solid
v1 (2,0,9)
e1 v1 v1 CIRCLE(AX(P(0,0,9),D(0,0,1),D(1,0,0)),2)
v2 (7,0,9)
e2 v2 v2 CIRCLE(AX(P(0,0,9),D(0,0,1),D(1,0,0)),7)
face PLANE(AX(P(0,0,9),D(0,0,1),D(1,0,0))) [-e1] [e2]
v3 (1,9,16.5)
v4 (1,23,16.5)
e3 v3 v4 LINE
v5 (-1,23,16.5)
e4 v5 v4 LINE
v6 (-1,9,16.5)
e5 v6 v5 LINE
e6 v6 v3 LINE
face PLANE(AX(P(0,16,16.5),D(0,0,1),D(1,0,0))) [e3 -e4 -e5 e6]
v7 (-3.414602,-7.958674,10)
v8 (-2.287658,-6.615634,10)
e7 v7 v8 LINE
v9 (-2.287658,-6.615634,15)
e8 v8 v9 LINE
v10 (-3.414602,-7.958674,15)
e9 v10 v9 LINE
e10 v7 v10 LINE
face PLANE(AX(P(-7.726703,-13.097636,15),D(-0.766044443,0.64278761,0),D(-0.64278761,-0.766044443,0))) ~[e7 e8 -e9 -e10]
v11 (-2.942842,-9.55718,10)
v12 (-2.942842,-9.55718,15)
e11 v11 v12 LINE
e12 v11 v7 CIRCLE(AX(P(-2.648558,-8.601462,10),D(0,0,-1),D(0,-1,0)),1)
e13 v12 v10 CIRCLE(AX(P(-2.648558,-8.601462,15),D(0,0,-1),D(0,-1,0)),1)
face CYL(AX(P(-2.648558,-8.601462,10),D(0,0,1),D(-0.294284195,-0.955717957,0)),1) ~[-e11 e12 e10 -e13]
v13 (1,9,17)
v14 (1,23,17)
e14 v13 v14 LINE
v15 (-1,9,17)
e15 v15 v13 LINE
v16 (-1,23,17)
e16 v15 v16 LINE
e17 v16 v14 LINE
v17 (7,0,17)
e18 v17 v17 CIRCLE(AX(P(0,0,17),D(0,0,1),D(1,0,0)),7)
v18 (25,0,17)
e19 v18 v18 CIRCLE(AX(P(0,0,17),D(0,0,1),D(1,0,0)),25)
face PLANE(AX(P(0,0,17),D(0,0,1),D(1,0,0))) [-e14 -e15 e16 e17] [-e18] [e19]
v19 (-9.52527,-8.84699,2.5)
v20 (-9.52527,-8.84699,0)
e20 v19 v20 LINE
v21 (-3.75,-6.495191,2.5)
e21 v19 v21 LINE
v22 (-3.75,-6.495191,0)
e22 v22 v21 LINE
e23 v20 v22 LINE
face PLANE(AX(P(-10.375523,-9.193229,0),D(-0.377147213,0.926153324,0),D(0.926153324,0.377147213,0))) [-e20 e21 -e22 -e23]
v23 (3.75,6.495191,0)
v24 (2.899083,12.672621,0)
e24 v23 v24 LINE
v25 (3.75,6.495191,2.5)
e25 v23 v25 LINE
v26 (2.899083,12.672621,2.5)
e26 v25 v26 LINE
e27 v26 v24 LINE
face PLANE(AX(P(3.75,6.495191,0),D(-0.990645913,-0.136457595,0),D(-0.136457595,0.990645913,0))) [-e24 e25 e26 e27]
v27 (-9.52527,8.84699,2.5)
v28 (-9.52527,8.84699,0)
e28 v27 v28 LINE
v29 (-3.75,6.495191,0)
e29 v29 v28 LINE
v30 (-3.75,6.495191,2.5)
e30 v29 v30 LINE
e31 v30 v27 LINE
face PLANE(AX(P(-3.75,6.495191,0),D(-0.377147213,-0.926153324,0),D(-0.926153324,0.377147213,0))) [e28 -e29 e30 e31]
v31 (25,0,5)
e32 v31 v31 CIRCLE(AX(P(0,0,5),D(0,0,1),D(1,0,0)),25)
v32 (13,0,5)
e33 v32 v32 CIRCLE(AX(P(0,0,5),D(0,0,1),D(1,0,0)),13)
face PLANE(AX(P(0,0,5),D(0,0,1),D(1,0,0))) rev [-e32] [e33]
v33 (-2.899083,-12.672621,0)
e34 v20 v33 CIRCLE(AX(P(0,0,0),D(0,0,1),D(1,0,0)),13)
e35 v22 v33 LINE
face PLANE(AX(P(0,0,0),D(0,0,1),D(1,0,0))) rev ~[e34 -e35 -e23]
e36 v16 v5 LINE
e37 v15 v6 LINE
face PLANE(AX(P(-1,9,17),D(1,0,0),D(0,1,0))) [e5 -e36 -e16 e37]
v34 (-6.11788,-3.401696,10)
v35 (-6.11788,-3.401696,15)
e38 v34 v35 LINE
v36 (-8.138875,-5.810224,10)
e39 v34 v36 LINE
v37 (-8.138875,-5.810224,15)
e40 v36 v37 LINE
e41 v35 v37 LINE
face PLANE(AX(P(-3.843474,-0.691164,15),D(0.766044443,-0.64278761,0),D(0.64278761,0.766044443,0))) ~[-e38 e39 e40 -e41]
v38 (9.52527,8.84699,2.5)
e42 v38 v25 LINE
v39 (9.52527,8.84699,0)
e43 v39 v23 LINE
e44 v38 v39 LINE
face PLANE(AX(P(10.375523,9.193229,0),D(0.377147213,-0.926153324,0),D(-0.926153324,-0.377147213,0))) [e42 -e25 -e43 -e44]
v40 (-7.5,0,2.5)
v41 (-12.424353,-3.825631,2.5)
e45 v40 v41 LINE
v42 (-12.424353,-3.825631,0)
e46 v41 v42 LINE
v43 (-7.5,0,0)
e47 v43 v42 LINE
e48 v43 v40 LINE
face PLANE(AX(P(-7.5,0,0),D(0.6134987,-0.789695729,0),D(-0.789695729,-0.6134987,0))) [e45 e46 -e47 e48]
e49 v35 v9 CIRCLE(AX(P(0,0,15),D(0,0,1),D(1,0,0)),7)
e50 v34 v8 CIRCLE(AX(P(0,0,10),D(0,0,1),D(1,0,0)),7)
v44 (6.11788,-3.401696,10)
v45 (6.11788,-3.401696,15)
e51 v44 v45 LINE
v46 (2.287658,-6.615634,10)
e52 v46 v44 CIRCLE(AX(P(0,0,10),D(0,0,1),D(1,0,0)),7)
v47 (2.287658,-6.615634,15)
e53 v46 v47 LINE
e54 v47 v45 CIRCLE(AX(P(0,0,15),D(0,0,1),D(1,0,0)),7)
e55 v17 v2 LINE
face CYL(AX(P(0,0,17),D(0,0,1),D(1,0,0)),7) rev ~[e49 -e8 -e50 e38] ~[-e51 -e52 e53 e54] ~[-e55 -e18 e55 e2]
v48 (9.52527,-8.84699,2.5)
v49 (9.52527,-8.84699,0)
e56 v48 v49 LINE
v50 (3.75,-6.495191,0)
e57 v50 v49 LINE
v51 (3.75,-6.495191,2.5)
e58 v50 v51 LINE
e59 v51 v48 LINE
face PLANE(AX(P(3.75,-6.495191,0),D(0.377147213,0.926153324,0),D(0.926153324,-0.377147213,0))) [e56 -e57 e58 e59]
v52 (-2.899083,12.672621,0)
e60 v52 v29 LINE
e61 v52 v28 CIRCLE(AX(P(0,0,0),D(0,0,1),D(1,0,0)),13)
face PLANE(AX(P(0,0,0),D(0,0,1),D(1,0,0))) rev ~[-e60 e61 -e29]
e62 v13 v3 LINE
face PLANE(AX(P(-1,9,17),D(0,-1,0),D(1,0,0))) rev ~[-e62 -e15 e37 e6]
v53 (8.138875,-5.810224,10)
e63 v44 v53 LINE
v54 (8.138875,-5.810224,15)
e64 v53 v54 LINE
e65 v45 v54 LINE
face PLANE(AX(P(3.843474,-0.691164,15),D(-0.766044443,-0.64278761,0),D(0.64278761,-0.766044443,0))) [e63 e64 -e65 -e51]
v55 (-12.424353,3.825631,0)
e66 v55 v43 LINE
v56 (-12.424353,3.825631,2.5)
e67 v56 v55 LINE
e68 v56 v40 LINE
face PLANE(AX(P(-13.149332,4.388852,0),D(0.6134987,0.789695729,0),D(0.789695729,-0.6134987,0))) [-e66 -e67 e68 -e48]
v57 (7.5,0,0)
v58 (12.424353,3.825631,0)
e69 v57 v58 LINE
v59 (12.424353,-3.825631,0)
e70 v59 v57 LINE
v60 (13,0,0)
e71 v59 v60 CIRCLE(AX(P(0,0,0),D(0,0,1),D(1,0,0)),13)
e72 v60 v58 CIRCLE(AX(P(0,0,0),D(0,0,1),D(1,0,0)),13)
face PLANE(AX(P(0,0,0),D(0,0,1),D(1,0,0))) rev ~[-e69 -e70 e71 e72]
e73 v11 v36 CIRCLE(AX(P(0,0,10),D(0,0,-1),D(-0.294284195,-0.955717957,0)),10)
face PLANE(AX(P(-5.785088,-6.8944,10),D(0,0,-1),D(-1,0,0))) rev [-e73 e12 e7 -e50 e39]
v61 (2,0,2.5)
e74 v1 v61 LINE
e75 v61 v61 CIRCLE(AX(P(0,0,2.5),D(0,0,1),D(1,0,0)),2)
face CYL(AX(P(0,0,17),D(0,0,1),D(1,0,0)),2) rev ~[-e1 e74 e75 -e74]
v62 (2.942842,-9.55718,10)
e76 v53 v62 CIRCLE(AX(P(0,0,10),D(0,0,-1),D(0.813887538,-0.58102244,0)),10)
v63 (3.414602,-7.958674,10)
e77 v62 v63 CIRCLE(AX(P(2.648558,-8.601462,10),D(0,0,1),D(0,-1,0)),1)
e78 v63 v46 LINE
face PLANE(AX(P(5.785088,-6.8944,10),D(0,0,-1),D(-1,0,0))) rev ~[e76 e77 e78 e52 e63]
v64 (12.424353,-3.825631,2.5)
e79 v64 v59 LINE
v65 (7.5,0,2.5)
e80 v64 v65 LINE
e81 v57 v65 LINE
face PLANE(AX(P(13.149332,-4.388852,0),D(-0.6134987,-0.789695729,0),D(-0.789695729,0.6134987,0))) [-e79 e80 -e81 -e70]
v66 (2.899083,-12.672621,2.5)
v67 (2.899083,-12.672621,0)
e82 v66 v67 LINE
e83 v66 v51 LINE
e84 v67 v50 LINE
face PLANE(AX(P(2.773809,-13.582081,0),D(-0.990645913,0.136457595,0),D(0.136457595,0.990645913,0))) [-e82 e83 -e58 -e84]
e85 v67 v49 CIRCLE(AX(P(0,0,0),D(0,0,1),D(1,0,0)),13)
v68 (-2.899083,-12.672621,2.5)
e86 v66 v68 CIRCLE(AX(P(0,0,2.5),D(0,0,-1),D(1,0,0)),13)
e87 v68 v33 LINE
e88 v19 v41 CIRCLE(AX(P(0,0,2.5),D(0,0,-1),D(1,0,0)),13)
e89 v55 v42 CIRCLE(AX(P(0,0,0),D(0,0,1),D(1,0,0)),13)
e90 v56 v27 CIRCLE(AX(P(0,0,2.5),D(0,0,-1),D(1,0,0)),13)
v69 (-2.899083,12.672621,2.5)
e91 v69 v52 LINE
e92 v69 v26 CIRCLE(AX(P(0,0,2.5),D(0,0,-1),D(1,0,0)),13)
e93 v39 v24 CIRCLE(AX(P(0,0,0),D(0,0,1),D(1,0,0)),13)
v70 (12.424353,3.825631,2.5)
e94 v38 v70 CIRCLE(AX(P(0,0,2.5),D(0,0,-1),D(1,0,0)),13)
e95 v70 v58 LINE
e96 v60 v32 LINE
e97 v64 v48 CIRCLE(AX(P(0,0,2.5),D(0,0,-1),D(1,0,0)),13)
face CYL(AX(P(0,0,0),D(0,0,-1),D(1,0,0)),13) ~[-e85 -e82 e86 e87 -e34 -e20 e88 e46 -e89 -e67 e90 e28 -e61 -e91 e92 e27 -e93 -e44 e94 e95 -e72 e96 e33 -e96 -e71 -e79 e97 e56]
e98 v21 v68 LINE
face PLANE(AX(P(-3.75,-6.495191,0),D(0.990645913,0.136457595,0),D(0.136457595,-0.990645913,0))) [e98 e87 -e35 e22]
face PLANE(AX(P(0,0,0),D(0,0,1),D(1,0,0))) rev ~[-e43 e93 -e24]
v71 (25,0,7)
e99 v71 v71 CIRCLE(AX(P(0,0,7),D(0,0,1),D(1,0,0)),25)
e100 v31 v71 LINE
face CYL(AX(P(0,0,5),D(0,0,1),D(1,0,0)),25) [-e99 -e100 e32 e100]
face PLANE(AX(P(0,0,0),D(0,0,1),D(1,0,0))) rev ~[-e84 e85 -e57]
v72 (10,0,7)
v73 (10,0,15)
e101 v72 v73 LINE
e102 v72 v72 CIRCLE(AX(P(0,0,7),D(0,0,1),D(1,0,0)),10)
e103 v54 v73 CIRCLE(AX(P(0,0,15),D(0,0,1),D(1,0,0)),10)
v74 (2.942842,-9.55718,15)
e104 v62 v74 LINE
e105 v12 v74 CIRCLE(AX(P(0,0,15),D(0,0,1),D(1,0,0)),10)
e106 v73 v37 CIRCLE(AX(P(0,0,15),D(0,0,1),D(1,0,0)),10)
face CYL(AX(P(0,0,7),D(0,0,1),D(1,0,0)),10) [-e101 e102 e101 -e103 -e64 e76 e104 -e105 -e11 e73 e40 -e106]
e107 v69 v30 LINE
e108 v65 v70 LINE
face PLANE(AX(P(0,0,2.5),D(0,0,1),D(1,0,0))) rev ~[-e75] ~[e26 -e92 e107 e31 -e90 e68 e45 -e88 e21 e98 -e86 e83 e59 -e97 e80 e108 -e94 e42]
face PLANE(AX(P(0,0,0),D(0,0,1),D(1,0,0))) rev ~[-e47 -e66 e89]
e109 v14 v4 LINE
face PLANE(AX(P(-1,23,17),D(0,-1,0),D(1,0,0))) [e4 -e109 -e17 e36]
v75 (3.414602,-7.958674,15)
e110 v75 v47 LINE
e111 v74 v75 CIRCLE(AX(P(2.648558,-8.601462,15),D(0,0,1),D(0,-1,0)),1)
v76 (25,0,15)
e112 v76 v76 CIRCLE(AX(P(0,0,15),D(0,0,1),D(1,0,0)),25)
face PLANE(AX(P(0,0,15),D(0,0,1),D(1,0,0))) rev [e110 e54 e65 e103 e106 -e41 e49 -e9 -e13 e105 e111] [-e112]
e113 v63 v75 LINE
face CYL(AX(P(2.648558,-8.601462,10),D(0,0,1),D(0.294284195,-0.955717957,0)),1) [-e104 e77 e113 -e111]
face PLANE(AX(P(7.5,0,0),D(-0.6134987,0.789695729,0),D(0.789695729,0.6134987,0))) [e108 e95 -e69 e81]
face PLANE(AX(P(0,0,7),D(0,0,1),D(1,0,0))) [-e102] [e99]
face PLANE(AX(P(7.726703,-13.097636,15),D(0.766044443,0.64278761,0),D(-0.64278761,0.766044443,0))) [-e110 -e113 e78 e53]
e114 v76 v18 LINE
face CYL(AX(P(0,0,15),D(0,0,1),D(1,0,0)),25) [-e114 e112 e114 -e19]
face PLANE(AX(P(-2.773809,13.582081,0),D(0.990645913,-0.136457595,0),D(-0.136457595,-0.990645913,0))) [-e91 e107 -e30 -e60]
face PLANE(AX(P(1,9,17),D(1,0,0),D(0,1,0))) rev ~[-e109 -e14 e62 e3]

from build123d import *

# Parameters (mm, degrees)
SKETCH_3_R          = 13
EXTRUDE_1_DEPTH     = 5
CUT_EXTRUDE_2_DEPTH = 2.5
SKETCH_6_R          = 2
CUT_EXTRUDE_3_DEPTH = 18
SKETCH_7_R          = 7
CUT_EXTRUDE_4_DEPTH = 8
CUT_EXTRUDE_6_DEPTH = 5
FILLET_1_R          = 1
SKETCH_10_W         = 2
SKETCH_10_H         = 14
CUT_EXTRUDE_7_DEPTH = 0.5


with BuildPart() as part:
    # ｽｹｯﾁ3 → ﾎﾞｽ - 押し出し1 (new body)
    with BuildSketch(Plane.XY):
        Circle(SKETCH_3_R)
    extrude(amount=EXTRUDE_1_DEPTH)

    # ｽｹｯﾁ2 → ｶｯﾄ - 押し出し2 (cut)
    with BuildSketch(Plane.XY):
        with BuildLine():
            Line((3.75, 6.495190528), (2.773808556, 13.582081265))
            ThreePointArc((2.773808556, 13.582081265), (0, 16), (-2.773808556, 13.582081265))
            Line((-2.773808556, 13.582081265), (-3.75, 6.495190528))
            Line((-3.75, 6.495190528), (-10.375523134, 9.193229308))
            ThreePointArc((-10.375523134, 9.193229308), (-13.856406461, 8), (-13.14933169, 4.388851958))
            Line((-13.14933169, 4.388851958), (-7.5, 0))
            Line((-7.5, 0), (-13.14933169, -4.388851958))
            ThreePointArc((-13.14933169, -4.388851958), (-13.856406461, -8), (-10.375523134, -9.193229308))
            Line((-10.375523134, -9.193229308), (-3.75, -6.495190528))
            Line((-3.75, -6.495190528), (-2.773808556, -13.582081265))
            ThreePointArc((-2.773808556, -13.582081265), (0, -16), (2.773808556, -13.582081265))
            Line((2.773808556, -13.582081265), (3.75, -6.495190528))
            Line((3.75, -6.495190528), (10.375523134, -9.193229308))
            ThreePointArc((10.375523134, -9.193229308), (13.856406461, -8), (13.14933169, -4.388851958))
            Line((13.14933169, -4.388851958), (7.5, 0))
            Line((7.5, 0), (13.14933169, 4.388851958))
            ThreePointArc((13.14933169, 4.388851958), (13.856406461, 8), (10.375523134, 9.193229308))
            Line((10.375523134, 9.193229308), (3.75, 6.495190528))
        make_face()
    extrude(amount=CUT_EXTRUDE_2_DEPTH, mode=Mode.SUBTRACT)

    # ｽｹｯﾁ5 → 回転1 (revolve)
    with BuildSketch(Plane(origin=(0, 0, 0), x_dir=(1, 0, 0), z_dir=(0, 1, 0))):
        Polygon((0, -5), (25, -5), (25, -7), (10, -7), (10, -15), (25, -15), (25, -17), (0, -17), align=None)
    revolve(axis=Axis((0, 0, 0), (0, 0, 1)))

    # ｽｹｯﾁ6 → ｶｯﾄ - 押し出し3 (cut, through all)
    with BuildSketch(Plane.XY.offset(17)):
        Circle(SKETCH_6_R)
    extrude(amount=-CUT_EXTRUDE_3_DEPTH, mode=Mode.SUBTRACT)

    # ｽｹｯﾁ7 → ｶｯﾄ - 押し出し4 (cut)
    with BuildSketch(Plane.XY.offset(17)):
        Circle(SKETCH_7_R)
    extrude(amount=-CUT_EXTRUDE_4_DEPTH, mode=Mode.SUBTRACT)

    # ｽｹｯﾁ9 → ｶｯﾄ - 押し出し6 (cut)
    with BuildSketch(Plane(origin=(0, 0, 15), x_dir=(-1, 0, 0), z_dir=(0, 0, -1))):
        Polygon((-3.843473937, -0.691164305), (-11.556925253, -9.883697623), (-7.726703038, -13.097635671), (-0.013251721, -3.905102354), align=None)
    cut_extrude_6 = extrude(amount=CUT_EXTRUDE_6_DEPTH, mode=Mode.SUBTRACT)

    # ﾐﾗｰ1: ｶｯﾄ - 押し出し6 across plane
    add(cut_extrude_6.mirror(Plane(origin=(0, 0, 0), x_dir=(0, 0, 1), z_dir=(1, 0, 0))), mode=Mode.SUBTRACT)

    # ﾌｨﾚｯﾄ1
    fillet_1_edges = [part.edges().sort_by_distance(p)[0] for p in [
        (4.308653161, -9.024162451, 12.5),
        (-4.308653161, -9.024162451, 12.5),
    ]]
    fillet(fillet_1_edges, radius=FILLET_1_R)

    # ｽｹｯﾁ10 → ｶｯﾄ - 押し出し7 (cut)
    with BuildSketch(Plane.XY.offset(17)):
        with Locations((0, 16)):
            Rectangle(SKETCH_10_W, SKETCH_10_H)
    extrude(amount=-CUT_EXTRUDE_7_DEPTH, mode=Mode.SUBTRACT)


solid = part.part
